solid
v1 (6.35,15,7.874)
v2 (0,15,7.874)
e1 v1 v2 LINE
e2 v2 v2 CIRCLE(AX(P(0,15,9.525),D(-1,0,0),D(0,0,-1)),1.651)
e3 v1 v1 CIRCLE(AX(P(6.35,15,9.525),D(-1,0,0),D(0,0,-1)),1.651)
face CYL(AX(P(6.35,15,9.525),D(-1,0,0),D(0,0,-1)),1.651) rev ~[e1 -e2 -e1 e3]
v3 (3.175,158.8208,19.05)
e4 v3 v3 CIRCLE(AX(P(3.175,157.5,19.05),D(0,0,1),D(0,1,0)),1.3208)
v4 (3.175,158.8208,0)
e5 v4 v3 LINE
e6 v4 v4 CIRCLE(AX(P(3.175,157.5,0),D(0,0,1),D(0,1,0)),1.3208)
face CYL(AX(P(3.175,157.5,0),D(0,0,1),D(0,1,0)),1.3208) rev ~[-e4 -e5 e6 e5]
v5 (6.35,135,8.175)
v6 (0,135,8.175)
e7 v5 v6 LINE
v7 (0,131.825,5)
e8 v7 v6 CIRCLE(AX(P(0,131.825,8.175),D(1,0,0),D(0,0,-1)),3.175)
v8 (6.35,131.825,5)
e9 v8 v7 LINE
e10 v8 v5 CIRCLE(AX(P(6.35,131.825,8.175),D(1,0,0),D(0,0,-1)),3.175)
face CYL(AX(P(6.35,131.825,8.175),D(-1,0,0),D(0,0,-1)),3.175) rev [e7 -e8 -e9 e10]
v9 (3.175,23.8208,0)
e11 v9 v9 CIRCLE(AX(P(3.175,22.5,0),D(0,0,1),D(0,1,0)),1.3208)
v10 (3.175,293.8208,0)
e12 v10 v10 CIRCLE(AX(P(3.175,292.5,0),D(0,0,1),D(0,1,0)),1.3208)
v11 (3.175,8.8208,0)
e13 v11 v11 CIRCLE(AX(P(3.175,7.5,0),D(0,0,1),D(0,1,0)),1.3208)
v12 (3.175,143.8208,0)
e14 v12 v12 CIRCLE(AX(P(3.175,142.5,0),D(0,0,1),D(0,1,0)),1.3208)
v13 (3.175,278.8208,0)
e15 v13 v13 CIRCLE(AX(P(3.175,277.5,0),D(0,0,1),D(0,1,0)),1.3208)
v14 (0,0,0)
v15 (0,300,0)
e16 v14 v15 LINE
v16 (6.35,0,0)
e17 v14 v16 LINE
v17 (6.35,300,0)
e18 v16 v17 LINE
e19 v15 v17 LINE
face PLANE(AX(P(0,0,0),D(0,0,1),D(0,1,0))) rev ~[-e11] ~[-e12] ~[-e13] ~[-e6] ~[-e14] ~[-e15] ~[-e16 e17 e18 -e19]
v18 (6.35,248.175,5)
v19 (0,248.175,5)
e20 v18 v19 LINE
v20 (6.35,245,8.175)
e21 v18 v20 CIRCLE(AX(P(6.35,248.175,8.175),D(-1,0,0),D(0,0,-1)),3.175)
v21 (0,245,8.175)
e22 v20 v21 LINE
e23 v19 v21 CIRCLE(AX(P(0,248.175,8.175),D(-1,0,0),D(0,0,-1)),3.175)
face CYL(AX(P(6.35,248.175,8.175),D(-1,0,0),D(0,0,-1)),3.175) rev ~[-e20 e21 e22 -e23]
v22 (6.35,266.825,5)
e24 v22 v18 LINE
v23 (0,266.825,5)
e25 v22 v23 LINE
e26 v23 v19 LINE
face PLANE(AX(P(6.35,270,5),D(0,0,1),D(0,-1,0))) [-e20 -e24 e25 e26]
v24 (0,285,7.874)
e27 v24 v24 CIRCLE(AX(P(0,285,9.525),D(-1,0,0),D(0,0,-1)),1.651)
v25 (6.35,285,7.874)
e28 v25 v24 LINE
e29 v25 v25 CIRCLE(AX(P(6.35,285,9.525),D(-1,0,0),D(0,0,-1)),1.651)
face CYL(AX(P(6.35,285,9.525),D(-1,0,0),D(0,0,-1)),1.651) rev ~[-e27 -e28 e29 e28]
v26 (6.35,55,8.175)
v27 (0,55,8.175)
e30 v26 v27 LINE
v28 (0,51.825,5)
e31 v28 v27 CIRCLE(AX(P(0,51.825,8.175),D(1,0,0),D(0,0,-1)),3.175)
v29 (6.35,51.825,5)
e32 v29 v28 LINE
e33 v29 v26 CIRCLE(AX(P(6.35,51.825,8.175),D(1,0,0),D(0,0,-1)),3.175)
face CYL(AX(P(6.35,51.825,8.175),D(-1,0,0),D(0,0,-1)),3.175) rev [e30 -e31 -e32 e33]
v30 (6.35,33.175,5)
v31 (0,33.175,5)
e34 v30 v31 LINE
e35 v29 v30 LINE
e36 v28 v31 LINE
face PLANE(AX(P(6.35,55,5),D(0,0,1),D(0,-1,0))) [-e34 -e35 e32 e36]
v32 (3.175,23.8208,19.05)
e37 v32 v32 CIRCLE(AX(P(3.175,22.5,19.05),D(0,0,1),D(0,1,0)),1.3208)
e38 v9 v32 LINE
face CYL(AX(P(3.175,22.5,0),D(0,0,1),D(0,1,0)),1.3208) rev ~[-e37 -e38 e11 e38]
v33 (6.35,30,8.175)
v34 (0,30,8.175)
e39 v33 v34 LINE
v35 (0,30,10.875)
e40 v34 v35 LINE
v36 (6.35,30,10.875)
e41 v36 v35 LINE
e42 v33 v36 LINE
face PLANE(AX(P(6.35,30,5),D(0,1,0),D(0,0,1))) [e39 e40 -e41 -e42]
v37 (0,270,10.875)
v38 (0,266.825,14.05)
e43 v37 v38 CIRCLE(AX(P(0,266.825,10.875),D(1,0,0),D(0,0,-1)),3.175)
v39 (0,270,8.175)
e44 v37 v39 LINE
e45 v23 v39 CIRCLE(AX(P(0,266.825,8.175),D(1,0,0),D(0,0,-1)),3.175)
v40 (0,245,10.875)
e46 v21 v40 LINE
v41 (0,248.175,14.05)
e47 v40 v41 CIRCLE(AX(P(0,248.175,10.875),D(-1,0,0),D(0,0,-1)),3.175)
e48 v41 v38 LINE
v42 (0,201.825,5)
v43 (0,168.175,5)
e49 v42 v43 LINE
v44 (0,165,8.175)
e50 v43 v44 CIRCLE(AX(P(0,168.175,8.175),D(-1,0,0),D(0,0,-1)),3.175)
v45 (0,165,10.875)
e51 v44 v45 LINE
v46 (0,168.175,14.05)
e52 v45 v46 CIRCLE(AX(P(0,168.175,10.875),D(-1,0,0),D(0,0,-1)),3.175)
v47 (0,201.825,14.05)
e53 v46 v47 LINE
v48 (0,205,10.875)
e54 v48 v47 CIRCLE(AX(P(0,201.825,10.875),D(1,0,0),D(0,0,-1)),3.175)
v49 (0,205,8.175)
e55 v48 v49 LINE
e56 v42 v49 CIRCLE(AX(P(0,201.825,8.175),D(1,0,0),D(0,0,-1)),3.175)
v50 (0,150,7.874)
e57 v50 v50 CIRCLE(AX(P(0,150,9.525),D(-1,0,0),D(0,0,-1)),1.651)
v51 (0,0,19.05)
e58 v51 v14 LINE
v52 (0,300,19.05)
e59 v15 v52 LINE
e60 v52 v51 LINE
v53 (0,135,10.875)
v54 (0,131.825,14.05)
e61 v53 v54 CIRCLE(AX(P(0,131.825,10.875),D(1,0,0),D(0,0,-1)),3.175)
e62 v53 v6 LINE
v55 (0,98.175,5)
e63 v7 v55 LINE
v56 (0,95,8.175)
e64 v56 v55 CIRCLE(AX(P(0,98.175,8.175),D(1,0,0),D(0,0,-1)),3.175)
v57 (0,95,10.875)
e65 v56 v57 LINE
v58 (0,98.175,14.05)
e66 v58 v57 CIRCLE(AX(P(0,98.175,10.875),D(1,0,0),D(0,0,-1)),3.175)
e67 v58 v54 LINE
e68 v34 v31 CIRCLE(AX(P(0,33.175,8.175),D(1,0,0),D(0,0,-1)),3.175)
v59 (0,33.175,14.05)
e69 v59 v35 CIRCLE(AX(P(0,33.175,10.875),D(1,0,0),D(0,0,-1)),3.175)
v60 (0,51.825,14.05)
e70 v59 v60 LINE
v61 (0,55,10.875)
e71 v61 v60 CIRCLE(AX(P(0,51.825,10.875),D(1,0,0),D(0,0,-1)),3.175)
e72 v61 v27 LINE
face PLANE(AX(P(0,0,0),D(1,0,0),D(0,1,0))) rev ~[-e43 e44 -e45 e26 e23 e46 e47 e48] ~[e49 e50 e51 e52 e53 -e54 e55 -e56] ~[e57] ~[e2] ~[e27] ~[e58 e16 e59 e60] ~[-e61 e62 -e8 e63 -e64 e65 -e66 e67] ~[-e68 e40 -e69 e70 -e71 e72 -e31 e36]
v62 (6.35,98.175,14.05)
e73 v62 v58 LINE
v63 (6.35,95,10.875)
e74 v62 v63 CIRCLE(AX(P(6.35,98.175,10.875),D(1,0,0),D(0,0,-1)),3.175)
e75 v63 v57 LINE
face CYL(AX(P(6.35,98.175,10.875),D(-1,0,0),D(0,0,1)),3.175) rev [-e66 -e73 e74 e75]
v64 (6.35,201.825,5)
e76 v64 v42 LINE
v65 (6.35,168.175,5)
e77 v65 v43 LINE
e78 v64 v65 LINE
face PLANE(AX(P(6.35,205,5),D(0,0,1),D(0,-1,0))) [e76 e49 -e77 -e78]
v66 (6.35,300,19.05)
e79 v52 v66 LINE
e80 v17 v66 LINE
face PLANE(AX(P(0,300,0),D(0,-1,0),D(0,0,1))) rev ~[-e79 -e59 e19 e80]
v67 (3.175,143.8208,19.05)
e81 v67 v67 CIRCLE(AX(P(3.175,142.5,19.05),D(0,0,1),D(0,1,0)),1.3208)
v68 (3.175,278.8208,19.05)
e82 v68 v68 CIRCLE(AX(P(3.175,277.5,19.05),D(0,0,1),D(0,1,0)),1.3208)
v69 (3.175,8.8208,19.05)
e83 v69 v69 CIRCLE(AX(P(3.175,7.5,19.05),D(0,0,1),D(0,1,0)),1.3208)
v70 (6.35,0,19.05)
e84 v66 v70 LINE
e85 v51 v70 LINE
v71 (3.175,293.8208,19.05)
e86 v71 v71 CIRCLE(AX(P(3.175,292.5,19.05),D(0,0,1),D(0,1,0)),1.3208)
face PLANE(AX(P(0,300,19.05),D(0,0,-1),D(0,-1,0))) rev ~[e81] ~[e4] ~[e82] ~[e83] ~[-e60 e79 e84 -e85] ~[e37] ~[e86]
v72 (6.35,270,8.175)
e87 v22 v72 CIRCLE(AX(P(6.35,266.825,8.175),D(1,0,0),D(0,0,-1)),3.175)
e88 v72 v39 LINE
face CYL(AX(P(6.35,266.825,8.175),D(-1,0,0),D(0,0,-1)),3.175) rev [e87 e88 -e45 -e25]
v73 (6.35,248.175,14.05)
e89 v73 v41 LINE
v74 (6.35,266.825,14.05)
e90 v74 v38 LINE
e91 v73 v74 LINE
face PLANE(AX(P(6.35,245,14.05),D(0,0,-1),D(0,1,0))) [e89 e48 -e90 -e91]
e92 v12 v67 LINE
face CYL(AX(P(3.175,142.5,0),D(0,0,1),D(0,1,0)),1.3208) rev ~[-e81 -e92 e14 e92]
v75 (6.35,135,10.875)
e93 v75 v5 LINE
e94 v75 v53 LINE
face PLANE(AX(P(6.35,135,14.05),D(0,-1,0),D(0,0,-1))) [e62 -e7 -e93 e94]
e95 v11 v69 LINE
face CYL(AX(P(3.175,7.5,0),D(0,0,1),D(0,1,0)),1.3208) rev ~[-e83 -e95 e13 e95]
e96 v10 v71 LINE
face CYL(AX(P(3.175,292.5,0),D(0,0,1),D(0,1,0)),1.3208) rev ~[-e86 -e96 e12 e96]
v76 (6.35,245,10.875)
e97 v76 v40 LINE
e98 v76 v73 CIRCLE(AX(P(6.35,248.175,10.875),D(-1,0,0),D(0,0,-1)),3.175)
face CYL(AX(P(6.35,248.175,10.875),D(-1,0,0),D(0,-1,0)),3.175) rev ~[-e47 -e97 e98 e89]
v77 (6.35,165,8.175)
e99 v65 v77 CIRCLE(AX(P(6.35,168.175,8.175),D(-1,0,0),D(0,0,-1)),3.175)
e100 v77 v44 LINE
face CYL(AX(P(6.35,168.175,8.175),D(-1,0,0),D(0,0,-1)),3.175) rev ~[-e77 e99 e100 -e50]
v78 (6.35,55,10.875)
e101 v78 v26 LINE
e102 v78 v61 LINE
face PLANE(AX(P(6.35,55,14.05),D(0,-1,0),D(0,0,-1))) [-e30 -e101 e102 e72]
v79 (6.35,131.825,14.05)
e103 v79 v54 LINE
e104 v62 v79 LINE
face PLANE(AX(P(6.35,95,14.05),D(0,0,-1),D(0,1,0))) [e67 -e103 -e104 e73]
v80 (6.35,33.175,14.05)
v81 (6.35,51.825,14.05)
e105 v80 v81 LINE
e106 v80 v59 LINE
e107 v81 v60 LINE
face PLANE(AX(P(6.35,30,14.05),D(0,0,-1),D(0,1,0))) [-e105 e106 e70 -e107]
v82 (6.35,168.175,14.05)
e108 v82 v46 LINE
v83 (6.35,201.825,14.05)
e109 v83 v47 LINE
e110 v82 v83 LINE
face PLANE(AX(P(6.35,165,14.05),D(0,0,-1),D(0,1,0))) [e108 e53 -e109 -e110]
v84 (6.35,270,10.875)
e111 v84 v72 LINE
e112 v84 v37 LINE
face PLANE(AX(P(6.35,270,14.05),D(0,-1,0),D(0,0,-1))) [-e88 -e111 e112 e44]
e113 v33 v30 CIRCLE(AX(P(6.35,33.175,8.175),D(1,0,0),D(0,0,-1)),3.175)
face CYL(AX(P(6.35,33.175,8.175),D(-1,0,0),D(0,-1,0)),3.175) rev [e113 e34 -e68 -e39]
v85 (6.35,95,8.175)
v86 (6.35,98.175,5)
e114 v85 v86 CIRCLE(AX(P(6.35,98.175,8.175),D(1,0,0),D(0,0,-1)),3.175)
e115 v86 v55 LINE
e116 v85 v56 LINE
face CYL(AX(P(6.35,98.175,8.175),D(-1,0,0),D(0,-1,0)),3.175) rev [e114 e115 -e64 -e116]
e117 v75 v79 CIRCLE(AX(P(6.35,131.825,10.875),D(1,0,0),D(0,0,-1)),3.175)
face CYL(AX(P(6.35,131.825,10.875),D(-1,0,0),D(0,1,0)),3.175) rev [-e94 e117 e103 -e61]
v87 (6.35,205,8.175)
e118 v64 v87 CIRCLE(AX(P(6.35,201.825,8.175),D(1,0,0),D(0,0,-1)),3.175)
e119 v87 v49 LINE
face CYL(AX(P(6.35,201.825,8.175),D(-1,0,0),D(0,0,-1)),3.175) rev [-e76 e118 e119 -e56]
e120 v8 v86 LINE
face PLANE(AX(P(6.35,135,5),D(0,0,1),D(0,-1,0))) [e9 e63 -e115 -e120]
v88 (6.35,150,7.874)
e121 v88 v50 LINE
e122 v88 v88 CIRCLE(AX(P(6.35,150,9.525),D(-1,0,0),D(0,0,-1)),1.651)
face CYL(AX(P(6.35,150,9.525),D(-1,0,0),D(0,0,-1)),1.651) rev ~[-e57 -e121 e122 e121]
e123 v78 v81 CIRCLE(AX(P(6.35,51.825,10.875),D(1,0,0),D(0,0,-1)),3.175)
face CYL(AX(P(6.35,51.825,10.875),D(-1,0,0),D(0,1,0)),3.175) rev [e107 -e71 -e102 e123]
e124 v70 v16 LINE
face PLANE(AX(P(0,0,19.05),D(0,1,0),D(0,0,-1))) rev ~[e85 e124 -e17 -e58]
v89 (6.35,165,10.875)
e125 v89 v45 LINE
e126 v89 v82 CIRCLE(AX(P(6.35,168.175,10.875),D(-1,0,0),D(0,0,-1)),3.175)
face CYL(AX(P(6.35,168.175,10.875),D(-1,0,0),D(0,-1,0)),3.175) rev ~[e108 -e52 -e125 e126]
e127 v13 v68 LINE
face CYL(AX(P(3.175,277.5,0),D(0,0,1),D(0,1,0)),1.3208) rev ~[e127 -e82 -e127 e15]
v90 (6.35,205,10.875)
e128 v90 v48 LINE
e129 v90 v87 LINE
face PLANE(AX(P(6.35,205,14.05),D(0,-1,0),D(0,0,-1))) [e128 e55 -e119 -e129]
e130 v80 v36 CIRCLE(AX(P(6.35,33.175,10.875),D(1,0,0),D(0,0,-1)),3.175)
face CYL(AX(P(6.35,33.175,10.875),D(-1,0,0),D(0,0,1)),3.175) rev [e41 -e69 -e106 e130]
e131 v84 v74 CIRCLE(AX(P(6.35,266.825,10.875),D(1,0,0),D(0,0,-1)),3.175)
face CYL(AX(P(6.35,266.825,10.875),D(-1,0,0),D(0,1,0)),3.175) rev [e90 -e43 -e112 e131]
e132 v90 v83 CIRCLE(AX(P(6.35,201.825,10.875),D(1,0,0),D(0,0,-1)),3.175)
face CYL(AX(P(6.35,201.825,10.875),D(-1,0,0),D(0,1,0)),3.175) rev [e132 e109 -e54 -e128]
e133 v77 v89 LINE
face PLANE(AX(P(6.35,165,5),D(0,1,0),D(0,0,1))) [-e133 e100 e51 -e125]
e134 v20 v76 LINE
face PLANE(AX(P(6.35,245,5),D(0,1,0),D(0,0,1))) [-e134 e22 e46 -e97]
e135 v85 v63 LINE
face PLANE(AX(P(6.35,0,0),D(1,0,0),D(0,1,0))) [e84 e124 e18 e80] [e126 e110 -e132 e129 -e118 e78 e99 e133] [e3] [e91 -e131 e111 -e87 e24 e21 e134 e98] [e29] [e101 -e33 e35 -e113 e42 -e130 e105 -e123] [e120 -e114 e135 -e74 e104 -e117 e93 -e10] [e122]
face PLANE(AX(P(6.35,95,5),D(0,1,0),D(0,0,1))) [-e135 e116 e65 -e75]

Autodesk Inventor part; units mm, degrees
ref_plane "YZ Plane" through (0, 0, 0) normal (1, 0, 0) x (0, 1, 0)
ref_plane "XZ Plane" through (0, 0, 0) normal (0, 1, 0) x (-1, 0, 0)
ref_plane "XY Plane" through (0, 0, 0) normal (0, 0, 1) x (1, 0, 0)
sketch "Sketch1" plane through (0, 0, 0) normal (1, 0, 0) x (0, 1, 0)
  line L0 (0, 0) -> (300, 0)
  line L1 (300, 0) -> (300, 19.05)
  line L2 (300, 19.05) -> (0, 19.05)
  line L3 (0, 19.05) -> (0, 0)
  dimension "d0" = 300
  dimension "d1" = 19.05
extrude "Extrusion1" add sketch "Sketch1" along normal blind 6.35
sketch "Sketch2" plane through (6.35, 0, 0) normal (1, 0, 0) x (0, 0, -1)
  line L0 (0, 300) -> (-19.05, 300) projected
  line L1 (-19.05, 300) -> (-19.05, 0) projected
  line L2 (-19.05, 0) -> (0, 0) projected
  point P0 (-9.525, 285)
  point P1 (-9.525, 150)
  point P2 (-9.525, 15)
  dimension "d4" = 15
  dimension "d5" = 19.05
  dimension "d6" = 9.525
  dimension "d7" = 15
  dimension "d8" = 9.525
  dimension "d9" = 9.525
  dimension "d10" = 150
hole "Hole1" at (6.35, 285, 9.525) at (6.35, 150, 9.525) at (6.35, 15, 9.525) direction (-1, 0, 0) diameter 3.302 end through all thread size "8-32 UNC" class "2B" standard "ANSI Unified Screw Threads"
sketch "Sketch5" plane through (6.35, 0, 0) normal (1, 0, 0) x (0, 0, -1)
  line L0 (-14.05, 270) -> (-5, 270)
  line L1 (-5, 270) -> (-5, 245)
  line L2 (-5, 245) -> (-14.05, 245)
  line L3 (-14.05, 245) -> (-14.05, 270)
  line L4 (-14.05, 205) -> (-5, 205)
  line L5 (-5, 205) -> (-5, 165)
  line L6 (-5, 165) -> (-14.05, 165)
  line L7 (-14.05, 165) -> (-14.05, 205)
  line L8 (-14.05, 135) -> (-5, 135)
  line L9 (-5, 135) -> (-5, 95)
  line L10 (-5, 95) -> (-14.05, 95)
  line L11 (-14.05, 95) -> (-14.05, 135)
  line L12 (-14.05, 55) -> (-5, 55)
  line L13 (-5, 55) -> (-5, 30)
  line L14 (-5, 30) -> (-14.05, 30)
  line L15 (-14.05, 30) -> (-14.05, 55)
  line L16 (0, 0) -> (0, 300) projected
  line L17 (-19.05, 300) -> (-19.05, 0) projected
  line L18 (0, 300) -> (-19.05, 300) projected
  line L19 (-19.05, 0) -> (0, 0) projected
  dimension "d44" = 5
  dimension "d45" = 5
  dimension "d46" = 30
  dimension "d47" = 30
  dimension "d48" = 55
  dimension "d49" = 95
  dimension "d50" = 135
  dimension "d51" = 55
  dimension "d52" = 95
  dimension "d53" = 135
extrude "Extrusion2" cut sketch "Sketch5" against normal through all contours L0 L1 L2 L3 | L4 L5 L6 L7 | L8 L9 L10 L11 | L12 L13 L14 L15
fillet "Fillet1" radius 3.175 1 edges at (3.175, 270, 5)
fillet "Fillet2" radius 3.175 1 edges at (3.175, 270, 14.05)
fillet "Fillet3" radius 3.175 1 edges at (3.175, 245, 5)
fillet "Fillet4" radius 3.175 1 edges at (3.175, 245, 14.05)
fillet "Fillet5" radius 3.175 1 edges at (3.175, 205, 5)
fillet "Fillet6" radius 3.175 1 edges at (3.175, 205, 14.05)
fillet "Fillet7" radius 3.175 1 edges at (3.175, 165, 5)
fillet "Fillet8" radius 3.175 1 edges at (3.175, 165, 14.05)
fillet "Fillet9" radius 3.175 1 edges at (3.175, 95, 5)
fillet "Fillet10" radius 3.175 1 edges at (3.175, 135, 5)
fillet "Fillet11" radius 3.175 1 edges at (3.175, 135, 14.05)
fillet "Fillet12" radius 3.175 1 edges at (3.175, 95, 14.05)
fillet "Fillet13" radius 3.175 1 edges at (3.175, 55, 5)
fillet "Fillet14" radius 3.175 1 edges at (3.175, 55, 14.05)
fillet "Fillet15" radius 3.175 1 edges at (3.175, 30, 14.05)
fillet "Fillet16" radius 3.175 1 edges at (3.175, 30, 5)
sketch "Sketch7" plane through (0, 0, 0) normal (0, 0, -1) x (-1, 0, 0)
  line L0 (0, 300) -> (-6.35, 300) projected
  line L1 (0, 0) -> (-6.35, 0) projected
  line L2 (-6.35, 0) -> (-6.35, 300) projected
  point P0 (-3.175, 7.5)
  point P1 (-3.175, 22.5)
  point P2 (-3.175, 142.5)
  point P3 (-3.175, 157.5)
  point P4 (-3.175, 277.5)
  point P5 (-3.175, 292.5)
  dimension "d72" = 7.5
  dimension "d73" = 22.5
  dimension "d74" = 142.5
  dimension "d78" = 7.5
  dimension "d79" = 22.5
  dimension "d82" = 142.5
  dimension "d83" = 6.35
  dimension "d84" = 3.175
  dimension "d85" = 3.175
  dimension "d88" = 3.175
  dimension "d89" = 3.175
  dimension "d92" = 3.175
  dimension "d93" = 3.175
hole "Hole3" at (3.175, 7.5, 0) at (3.175, 22.5, 0) at (3.175, 142.5, 0) at (3.175, 157.5, 0) at (3.175, 277.5, 0) at (3.175, 292.5, 0) direction (0, 0, 1) diameter 2.6416 end through all thread size "6-32 UNC" class "2B" standard "ANSI Unified Screw Threads"
equation "\"d6\" = 0.5 * d5"
equation "\"d7\" = d4"
equation "\"d8\" = d6"
equation "\"d9\" = d6"
equation "\"d45\" = d44"
equation "\"d47\" = d46"
equation "\"d51\" = d48"
equation "\"d52\" = d49"
equation "\"d53\" = d50"
equation "\"d78\" = d72"
equation "\"d79\" = d73"
equation "\"d82\" = d74"
equation "\"d84\" = 0.5 * d83"
equation "\"d85\" = d84"
equation "\"d88\" = d87"
equation "\"d89\" = d88"
equation "\"d92\" = d91"
equation "\"d93\" = d91"
equation "\"d87\" = d84"
equation "\"d91\" = d89"
properties part number "slides"
